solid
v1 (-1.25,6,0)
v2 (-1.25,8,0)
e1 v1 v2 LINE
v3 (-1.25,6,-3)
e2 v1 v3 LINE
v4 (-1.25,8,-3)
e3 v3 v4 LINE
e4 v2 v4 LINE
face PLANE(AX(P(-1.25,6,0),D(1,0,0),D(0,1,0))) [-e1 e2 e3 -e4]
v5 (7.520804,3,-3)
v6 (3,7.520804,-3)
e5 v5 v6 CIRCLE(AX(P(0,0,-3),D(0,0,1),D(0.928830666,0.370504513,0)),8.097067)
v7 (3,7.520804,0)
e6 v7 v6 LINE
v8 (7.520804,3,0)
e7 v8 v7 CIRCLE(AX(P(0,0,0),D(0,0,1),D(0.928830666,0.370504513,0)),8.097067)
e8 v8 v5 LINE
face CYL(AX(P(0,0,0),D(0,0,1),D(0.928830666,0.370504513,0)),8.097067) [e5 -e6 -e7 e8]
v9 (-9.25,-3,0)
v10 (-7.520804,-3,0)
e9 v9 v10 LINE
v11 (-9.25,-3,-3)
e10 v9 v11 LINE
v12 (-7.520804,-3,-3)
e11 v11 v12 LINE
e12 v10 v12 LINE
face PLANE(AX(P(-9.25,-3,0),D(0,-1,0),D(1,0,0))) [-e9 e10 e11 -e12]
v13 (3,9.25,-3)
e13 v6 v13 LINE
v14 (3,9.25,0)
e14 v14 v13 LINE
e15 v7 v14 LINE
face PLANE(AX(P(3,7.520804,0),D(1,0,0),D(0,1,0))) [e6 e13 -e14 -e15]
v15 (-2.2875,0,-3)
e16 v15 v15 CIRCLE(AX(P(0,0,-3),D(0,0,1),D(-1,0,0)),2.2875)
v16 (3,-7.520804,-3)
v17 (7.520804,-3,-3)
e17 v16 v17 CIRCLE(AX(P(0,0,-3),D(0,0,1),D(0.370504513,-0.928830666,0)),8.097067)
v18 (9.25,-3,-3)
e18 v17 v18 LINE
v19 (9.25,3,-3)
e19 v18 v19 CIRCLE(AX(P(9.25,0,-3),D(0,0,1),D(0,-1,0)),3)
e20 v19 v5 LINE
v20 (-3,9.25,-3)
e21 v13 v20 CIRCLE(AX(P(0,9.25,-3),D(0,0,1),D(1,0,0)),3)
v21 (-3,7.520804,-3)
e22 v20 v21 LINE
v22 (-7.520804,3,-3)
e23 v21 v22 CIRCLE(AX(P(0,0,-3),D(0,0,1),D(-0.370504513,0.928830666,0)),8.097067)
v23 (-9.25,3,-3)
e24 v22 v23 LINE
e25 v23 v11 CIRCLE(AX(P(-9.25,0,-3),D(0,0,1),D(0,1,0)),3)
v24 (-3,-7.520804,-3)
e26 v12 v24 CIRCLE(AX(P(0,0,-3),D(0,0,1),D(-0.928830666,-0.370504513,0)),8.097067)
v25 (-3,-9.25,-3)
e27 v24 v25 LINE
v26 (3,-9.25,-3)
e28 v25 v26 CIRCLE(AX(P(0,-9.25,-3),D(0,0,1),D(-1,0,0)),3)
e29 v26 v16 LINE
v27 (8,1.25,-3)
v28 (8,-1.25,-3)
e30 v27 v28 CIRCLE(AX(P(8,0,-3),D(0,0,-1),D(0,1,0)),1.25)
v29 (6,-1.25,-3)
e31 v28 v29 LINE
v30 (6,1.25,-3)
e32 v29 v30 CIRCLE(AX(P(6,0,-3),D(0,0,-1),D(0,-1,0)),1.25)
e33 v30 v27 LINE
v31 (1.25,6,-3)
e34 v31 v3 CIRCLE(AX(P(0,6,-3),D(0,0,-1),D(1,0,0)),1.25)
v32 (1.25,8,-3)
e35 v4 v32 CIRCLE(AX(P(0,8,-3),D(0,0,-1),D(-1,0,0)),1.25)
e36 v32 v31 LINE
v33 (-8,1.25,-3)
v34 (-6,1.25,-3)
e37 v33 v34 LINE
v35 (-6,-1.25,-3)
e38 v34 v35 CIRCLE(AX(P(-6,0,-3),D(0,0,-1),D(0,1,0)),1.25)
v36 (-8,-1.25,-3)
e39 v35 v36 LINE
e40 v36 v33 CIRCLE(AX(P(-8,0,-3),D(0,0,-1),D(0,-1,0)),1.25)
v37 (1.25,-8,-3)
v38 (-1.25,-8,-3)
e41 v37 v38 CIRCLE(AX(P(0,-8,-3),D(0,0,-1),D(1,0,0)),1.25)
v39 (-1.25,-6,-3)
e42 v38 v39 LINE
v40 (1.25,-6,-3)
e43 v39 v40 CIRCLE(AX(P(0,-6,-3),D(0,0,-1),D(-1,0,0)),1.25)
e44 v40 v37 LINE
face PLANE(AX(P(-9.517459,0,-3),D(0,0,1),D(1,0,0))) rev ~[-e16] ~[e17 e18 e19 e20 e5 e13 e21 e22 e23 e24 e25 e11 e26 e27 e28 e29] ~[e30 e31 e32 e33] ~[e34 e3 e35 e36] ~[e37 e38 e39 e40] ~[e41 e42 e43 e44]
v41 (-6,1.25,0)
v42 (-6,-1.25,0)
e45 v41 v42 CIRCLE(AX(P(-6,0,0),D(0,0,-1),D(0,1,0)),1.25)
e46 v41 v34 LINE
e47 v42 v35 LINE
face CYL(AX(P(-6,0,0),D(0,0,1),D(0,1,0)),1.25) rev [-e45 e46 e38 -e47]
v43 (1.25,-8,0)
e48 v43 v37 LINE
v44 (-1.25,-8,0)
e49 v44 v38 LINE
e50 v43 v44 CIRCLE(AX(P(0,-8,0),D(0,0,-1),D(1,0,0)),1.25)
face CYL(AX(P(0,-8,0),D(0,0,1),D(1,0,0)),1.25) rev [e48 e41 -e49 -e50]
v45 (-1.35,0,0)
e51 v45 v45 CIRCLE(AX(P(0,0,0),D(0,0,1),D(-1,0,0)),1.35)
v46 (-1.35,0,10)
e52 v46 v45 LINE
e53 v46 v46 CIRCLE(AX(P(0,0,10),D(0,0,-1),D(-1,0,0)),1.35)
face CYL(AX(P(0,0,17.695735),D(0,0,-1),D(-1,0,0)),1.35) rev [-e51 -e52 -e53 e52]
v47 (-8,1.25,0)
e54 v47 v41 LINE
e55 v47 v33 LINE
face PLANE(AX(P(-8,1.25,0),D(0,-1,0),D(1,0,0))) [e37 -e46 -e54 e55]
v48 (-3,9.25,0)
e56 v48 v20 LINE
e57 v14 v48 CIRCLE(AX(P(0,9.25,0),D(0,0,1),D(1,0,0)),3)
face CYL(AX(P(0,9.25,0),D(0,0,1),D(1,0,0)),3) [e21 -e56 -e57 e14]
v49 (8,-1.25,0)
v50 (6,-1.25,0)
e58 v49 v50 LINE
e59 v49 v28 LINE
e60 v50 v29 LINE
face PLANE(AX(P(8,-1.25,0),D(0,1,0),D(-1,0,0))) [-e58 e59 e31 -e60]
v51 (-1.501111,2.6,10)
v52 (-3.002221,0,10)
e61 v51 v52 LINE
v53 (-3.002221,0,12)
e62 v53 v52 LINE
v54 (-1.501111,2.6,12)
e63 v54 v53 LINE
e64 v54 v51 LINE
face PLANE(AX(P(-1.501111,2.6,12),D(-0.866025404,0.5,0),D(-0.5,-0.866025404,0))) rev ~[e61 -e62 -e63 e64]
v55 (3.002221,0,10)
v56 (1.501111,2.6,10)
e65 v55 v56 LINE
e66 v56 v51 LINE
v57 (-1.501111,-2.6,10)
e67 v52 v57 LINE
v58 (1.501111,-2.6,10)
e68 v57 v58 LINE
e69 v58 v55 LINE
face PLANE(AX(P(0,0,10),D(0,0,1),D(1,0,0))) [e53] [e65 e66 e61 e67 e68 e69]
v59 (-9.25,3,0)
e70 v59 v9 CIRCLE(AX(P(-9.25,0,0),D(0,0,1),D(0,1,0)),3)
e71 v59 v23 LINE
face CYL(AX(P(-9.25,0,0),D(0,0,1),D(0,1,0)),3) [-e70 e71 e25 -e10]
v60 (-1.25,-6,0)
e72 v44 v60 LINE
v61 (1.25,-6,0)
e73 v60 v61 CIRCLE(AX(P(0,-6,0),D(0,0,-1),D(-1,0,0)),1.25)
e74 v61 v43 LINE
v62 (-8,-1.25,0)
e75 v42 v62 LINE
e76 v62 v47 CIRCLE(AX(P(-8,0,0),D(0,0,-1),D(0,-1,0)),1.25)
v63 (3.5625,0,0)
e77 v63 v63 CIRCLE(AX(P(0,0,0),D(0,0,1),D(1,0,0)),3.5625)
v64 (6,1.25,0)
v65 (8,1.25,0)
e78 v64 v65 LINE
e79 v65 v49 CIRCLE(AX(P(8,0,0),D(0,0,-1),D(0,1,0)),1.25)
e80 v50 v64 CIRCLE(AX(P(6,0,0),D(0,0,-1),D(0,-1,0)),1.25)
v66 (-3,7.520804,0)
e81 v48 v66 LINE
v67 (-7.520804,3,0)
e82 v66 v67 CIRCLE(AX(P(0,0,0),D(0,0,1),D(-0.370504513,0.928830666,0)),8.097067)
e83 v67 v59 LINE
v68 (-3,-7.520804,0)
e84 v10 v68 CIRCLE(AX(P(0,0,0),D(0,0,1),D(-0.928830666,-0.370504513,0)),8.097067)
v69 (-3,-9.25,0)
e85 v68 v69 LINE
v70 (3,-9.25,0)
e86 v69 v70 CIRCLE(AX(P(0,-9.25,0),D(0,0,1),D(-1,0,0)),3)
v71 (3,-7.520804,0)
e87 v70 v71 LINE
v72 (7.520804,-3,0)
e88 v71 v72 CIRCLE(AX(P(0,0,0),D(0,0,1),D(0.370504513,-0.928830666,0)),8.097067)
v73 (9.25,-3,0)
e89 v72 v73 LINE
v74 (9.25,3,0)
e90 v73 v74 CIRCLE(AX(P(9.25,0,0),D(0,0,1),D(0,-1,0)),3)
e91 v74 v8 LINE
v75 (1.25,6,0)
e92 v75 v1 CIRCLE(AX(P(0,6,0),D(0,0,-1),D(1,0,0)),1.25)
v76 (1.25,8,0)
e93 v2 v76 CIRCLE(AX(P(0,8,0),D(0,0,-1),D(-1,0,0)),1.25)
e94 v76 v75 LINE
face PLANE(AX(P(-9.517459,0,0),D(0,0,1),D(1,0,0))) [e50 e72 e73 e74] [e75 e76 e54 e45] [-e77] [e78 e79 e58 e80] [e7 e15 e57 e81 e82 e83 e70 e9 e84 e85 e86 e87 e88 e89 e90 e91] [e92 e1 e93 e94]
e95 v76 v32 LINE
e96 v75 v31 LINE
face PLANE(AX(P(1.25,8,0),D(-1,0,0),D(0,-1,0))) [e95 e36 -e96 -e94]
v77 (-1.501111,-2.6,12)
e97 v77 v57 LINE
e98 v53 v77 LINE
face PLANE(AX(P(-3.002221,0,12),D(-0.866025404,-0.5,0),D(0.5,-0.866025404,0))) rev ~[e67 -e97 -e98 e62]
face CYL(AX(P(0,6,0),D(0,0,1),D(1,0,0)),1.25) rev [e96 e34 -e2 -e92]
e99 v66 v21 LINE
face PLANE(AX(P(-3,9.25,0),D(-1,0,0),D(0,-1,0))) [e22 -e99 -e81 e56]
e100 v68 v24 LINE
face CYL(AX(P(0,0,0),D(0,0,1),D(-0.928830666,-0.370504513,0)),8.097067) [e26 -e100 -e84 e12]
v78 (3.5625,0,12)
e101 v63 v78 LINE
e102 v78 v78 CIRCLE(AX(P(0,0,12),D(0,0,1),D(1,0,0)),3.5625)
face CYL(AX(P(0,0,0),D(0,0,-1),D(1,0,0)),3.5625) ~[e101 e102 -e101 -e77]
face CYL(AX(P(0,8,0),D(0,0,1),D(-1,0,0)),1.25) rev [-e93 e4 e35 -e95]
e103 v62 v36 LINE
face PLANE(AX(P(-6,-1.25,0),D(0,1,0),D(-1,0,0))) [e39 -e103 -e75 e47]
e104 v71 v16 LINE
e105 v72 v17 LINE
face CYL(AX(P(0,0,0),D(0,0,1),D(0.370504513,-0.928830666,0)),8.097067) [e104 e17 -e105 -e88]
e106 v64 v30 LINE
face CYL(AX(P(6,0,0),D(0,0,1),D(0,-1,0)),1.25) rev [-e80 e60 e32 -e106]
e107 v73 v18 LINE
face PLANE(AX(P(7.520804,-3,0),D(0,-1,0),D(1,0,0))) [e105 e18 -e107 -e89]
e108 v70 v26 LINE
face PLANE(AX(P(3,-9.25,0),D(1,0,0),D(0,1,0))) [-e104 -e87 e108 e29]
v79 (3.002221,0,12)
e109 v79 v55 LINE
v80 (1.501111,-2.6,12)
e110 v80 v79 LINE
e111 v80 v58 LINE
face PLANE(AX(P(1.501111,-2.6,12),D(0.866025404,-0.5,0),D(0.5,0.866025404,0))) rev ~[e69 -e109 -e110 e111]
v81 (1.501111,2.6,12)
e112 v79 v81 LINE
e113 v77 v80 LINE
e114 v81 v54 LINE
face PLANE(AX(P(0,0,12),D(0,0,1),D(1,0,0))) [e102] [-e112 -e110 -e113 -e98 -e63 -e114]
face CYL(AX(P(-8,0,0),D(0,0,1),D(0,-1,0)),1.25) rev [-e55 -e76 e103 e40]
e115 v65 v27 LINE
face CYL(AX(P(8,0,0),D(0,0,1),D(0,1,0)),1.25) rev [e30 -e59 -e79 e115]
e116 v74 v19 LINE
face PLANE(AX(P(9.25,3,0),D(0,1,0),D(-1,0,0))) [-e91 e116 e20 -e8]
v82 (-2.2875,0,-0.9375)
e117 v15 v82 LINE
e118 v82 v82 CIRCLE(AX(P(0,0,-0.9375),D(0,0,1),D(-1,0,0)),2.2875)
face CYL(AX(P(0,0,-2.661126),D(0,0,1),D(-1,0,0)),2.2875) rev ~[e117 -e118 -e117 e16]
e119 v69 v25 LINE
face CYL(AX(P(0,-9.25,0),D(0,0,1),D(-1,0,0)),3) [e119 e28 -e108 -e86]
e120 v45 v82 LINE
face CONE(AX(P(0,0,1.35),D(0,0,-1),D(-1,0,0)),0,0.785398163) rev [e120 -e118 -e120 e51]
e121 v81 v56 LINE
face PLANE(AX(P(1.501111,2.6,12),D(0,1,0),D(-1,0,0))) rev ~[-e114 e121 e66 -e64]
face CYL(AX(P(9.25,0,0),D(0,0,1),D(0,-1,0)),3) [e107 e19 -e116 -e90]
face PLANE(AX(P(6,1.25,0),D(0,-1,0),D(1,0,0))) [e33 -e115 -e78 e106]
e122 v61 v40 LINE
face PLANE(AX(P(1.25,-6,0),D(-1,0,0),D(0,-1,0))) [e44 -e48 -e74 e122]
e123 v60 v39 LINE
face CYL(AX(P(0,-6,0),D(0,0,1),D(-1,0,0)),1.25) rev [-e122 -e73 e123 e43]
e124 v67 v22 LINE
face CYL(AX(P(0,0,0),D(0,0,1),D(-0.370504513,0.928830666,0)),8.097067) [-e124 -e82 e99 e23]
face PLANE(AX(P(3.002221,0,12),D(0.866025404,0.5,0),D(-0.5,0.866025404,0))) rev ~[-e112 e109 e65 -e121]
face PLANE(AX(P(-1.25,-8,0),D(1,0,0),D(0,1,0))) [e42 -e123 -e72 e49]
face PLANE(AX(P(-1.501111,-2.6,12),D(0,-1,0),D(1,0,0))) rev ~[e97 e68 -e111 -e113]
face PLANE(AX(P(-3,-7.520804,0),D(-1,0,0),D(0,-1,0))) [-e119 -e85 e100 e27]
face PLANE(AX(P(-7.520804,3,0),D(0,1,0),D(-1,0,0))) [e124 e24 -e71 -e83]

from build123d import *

# Parameters (mm, degrees)
F1_R     = 3.5625
F3_DEPTH = 12
F5_DEPTH = 3
F6_W     = 2.2875
F6_H     = 3.4472514316
F8_DEPTH = 2


with BuildPart() as f3:
    # F1 (on Top) → F3 (new body)
    with BuildSketch(Plane.XY):
        Circle(F1_R)
    extrude(amount=F3_DEPTH)

    # F2 (on Top) → F5 (join)
    with BuildSketch(Plane.XY):
        with BuildLine():
            ThreePointArc((-7.5208044782, -3), (-7.809575399, -2.1384648903), (-8, -1.25))
            ThreePointArc((-8, -1.25), (-9.25, 0), (-8, 1.25))
            ThreePointArc((-8, 1.25), (-7.809575399, 2.1384648903), (-7.5208044782, 3))
            Line((-7.5208044782, 3), (-9.25, 3))
            ThreePointArc((-9.25, 3), (-12.25, 0), (-9.25, -3))
            Line((-9.25, -3), (-7.5208044782, -3))
        make_face()
        with BuildLine():
            Line((-6, -1.25), (-8, -1.25))
            ThreePointArc((-8, -1.25), (-7.809575399, -2.1384648903), (-7.5208044782, -3))
            ThreePointArc((-7.5208044782, -3), (-5.7254912453, -5.7254912453), (-3, -7.5208044782))
            ThreePointArc((-3, -7.5208044782), (-2.1384648903, -7.809575399), (-1.25, -8))
            Line((-1.25, -8), (-1.25, -6))
            ThreePointArc((-1.25, -6), (0, -4.75), (1.25, -6))
            Line((1.25, -6), (1.25, -8))
            ThreePointArc((1.25, -8), (2.1384648903, -7.809575399), (3, -7.5208044782))
            ThreePointArc((3, -7.5208044782), (5.7254912453, -5.7254912453), (7.5208044782, -3))
            ThreePointArc((7.5208044782, -3), (7.809575399, -2.1384648903), (8, -1.25))
            Line((8, -1.25), (6, -1.25))
            ThreePointArc((6, -1.25), (4.75, 0), (6, 1.25))
            Line((6, 1.25), (8, 1.25))
            ThreePointArc((8, 1.25), (7.809575399, 2.1384648903), (7.5208044782, 3))
            ThreePointArc((7.5208044782, 3), (5.7254912453, 5.7254912453), (3, 7.5208044782))
            ThreePointArc((3, 7.5208044782), (2.1384648903, 7.809575399), (1.25, 8))
            Line((1.25, 8), (1.25, 6))
            ThreePointArc((1.25, 6), (0, 4.75), (-1.25, 6))
            Line((-1.25, 6), (-1.25, 8))
            ThreePointArc((-1.25, 8), (-2.1384648903, 7.809575399), (-3, 7.5208044782))
            ThreePointArc((-3, 7.5208044782), (-5.7254912453, 5.7254912453), (-7.5208044782, 3))
            ThreePointArc((-7.5208044782, 3), (-7.809575399, 2.1384648903), (-8, 1.25))
            Line((-8, 1.25), (-6, 1.25))
            ThreePointArc((-6, 1.25), (-4.75, 0), (-6, -1.25))
        make_face()
        with BuildLine():
            ThreePointArc((-1.25, -8), (-2.1384648903, -7.809575399), (-3, -7.5208044782))
            Line((-3, -7.5208044782), (-3, -9.25))
            ThreePointArc((-3, -9.25), (0, -12.25), (3, -9.25))
            Line((3, -9.25), (3, -7.5208044782))
            ThreePointArc((3, -7.5208044782), (2.1384648903, -7.809575399), (1.25, -8))
            ThreePointArc((1.25, -8), (0, -9.25), (-1.25, -8))
        make_face()
        with BuildLine():
            Line((-3, 9.25), (-3, 7.5208044782))
            ThreePointArc((-3, 7.5208044782), (-2.1384648903, 7.809575399), (-1.25, 8))
            ThreePointArc((-1.25, 8), (0, 9.25), (1.25, 8))
            ThreePointArc((1.25, 8), (2.1384648903, 7.809575399), (3, 7.5208044782))
            Line((3, 7.5208044782), (3, 9.25))
            ThreePointArc((3, 9.25), (0, 12.25), (-3, 9.25))
        make_face()
        with BuildLine():
            ThreePointArc((8, -1.25), (7.809575399, -2.1384648903), (7.5208044782, -3))
            Line((7.5208044782, -3), (9.25, -3))
            ThreePointArc((9.25, -3), (12.25, 0), (9.25, 3))
            Line((9.25, 3), (7.5208044782, 3))
            ThreePointArc((7.5208044782, 3), (7.809575399, 2.1384648903), (8, 1.25))
            ThreePointArc((8, 1.25), (9.25, 0), (8, -1.25))
        make_face()
    extrude(amount=-F5_DEPTH)

    # F6 (on Front) → F7 (revolve, cut)
    with BuildSketch(Plane.XZ):
        Polygon((0, -0.9375), (0, 0), (-1.35, 0), (-2.2875, -0.9375), align=None)
        Polygon((-1.35, 0), (0, 0), (0, 1.35), align=None)
        Polygon((-1.35, 17.6957350954), (-1.35, 0), (0, 1.35), (0, 17.6957350954), align=None)
        with Locations((-1.14375, -2.6611257158)):
            Rectangle(F6_W, F6_H)
    revolve(axis=Axis((0, 0, 8.8478675477), (0, 0, 1)), mode=Mode.SUBTRACT)

    # F4 (on face) → F8 (cut)
    with BuildSketch(Plane.XY.offset(12)):
        Polygon((1.5011106999, 2.6), (-1.5011106999, 2.6), (-3.0022213998, 0), (-1.5011106999, -2.6), (1.5011106999, -2.6), (3.0022213998, 0), align=None)
    extrude(amount=-F8_DEPTH, mode=Mode.SUBTRACT)


solid = f3.part
